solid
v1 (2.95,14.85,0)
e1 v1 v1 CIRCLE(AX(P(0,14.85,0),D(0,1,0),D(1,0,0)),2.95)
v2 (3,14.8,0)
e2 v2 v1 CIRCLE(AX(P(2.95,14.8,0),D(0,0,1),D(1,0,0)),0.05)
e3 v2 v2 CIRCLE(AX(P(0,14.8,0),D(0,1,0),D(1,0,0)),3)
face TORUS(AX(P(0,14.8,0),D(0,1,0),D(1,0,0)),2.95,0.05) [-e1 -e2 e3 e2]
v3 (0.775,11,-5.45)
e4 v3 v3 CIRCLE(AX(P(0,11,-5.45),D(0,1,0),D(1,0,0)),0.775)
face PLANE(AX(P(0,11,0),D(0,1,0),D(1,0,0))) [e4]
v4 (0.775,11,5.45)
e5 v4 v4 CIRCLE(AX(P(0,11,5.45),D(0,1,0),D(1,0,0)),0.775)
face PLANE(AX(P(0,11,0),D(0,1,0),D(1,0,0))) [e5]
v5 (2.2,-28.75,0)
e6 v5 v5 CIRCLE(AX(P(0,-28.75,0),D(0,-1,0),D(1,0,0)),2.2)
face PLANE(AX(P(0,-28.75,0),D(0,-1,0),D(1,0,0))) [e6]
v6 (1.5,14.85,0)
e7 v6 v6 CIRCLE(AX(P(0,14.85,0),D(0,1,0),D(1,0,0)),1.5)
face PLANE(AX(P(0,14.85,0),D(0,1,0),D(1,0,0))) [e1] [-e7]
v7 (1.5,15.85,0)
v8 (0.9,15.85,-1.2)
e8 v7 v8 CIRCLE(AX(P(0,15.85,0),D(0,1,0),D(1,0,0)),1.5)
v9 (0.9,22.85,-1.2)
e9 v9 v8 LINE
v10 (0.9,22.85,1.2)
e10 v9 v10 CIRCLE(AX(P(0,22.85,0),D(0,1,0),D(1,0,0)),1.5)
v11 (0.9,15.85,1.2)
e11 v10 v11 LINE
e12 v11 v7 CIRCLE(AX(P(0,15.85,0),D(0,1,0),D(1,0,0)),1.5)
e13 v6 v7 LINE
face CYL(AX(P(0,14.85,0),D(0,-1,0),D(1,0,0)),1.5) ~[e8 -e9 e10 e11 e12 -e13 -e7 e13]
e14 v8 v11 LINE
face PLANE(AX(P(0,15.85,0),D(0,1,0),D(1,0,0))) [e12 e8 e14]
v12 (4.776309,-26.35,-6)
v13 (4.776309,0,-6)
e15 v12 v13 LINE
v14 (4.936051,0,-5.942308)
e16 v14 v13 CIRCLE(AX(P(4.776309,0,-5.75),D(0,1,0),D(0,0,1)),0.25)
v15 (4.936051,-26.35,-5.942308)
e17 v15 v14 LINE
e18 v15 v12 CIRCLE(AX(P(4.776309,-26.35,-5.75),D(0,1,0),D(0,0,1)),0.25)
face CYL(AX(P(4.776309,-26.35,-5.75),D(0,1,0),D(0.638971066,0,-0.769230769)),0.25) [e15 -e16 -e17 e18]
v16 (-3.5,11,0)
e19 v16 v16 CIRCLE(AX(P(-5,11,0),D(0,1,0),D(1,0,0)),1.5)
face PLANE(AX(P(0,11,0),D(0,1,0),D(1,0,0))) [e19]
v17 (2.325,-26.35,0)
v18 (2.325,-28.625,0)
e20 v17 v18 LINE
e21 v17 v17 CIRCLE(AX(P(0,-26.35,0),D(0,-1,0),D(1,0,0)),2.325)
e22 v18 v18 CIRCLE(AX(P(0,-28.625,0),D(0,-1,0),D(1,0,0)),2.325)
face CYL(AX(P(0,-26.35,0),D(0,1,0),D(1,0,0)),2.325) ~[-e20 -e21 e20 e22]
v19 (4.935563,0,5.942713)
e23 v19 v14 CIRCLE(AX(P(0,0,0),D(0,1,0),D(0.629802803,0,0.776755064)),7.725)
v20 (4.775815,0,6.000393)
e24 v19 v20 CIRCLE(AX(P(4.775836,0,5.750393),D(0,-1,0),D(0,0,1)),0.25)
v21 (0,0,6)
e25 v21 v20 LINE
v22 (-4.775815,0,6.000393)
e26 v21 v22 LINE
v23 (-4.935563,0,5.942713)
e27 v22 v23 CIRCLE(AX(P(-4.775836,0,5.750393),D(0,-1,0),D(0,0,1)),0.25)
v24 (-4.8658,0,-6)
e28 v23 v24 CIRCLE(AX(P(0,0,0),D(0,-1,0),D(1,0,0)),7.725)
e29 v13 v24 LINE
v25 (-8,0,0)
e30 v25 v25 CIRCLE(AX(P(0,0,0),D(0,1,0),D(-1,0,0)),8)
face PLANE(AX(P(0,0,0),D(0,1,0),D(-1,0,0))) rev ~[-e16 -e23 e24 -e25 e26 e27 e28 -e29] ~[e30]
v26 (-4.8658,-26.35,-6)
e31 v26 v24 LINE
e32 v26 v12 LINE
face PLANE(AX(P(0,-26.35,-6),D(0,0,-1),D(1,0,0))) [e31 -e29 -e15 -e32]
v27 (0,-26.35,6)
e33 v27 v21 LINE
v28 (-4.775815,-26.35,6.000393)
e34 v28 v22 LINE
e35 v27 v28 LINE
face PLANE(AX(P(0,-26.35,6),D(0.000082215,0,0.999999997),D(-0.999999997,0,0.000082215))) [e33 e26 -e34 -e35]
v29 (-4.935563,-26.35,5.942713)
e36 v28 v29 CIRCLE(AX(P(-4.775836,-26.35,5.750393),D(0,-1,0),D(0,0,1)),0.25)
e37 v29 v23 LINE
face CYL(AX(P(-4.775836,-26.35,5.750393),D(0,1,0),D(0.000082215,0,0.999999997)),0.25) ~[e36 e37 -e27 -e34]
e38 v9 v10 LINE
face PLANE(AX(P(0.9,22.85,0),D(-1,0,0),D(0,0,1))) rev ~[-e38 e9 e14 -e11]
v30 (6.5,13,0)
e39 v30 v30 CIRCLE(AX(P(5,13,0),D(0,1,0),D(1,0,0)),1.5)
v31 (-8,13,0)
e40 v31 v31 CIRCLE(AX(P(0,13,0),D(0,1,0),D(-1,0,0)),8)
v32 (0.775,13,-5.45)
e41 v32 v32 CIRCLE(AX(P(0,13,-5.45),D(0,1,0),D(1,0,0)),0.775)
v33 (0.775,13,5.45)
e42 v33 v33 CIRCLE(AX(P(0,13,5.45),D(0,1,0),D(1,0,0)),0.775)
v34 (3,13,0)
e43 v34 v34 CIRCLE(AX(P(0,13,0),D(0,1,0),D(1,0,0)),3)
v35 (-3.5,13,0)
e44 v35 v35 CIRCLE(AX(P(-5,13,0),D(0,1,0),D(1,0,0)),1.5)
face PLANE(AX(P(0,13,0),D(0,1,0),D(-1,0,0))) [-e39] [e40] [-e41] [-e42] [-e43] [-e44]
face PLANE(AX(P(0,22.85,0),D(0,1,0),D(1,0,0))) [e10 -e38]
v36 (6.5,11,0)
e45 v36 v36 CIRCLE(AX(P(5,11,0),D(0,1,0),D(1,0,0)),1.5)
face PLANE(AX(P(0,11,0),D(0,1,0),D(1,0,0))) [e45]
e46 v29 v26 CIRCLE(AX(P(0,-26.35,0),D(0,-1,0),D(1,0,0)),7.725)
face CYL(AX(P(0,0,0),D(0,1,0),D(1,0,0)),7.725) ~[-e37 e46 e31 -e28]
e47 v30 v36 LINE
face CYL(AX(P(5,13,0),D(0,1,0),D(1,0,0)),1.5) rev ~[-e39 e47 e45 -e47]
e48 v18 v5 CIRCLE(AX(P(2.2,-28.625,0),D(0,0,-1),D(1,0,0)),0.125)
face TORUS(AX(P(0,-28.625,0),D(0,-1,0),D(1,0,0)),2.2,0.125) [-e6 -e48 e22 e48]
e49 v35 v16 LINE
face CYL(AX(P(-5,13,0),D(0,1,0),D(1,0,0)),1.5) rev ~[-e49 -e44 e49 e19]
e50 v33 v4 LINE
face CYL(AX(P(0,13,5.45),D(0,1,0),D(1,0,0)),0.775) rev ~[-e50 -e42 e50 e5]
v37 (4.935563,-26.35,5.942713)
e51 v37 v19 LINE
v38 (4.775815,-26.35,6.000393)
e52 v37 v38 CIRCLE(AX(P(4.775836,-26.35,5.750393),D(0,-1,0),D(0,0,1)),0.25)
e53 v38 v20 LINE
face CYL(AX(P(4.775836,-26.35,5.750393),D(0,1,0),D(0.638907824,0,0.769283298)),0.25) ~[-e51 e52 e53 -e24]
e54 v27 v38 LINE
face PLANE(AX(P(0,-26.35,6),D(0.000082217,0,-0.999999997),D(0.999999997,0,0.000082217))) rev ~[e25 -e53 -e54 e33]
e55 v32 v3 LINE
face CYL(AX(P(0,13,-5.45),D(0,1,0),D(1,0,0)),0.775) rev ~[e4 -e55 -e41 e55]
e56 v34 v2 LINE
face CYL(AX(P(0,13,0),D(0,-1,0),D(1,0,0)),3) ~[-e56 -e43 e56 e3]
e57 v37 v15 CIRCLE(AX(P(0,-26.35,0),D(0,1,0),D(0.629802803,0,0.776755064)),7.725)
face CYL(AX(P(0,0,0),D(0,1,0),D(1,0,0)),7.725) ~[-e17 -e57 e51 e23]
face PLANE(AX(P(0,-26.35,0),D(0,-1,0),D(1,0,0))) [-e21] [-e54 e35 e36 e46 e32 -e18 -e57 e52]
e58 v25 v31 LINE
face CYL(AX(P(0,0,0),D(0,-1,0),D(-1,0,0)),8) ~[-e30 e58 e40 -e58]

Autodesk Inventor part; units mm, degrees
ref_plane "YZ Plane" through (0, 0, 0) normal (1, 0, 0) x (0, 1, 0)
ref_plane "XZ Plane" through (0, 0, 0) normal (0, 1, 0) x (-1, 0, 0)
ref_plane "XY Plane" through (0, 0, 0) normal (0, 0, 1) x (1, 0, 0)
sketch "Sketch1" plane through (0, 0, 0) normal (0, 1, 0) x (-1, 0, 0)
  circle A0 centre (0, 0) radius 8
  dimension "d0" = 16
extrude "Extrusion1" add sketch "Sketch1" along normal blind 13
sketch "Sketch2" plane through (0, 13, 0) normal (0, 1, 0) x (1, 0, 0)
  circle A0 centre (0, 0) radius 3
  dimension "d3" = 6
extrude "Extrusion2" add sketch "Sketch2" along normal blind 1.85
sketch "Sketch3" plane through (0, 14.85, 0) normal (0, 1, 0) x (1, 0, 0)
  circle A0 centre (0, 0) radius 1.5
  dimension "d6" = 3
extrude "Extrusion3" add sketch "Sketch3" along normal blind 8
sketch "Sketch4" plane through (0, 22.85, 0) normal (0, 1, 0) x (1, 0, 0)
  circle A0 centre (0, 0) radius 1.5 projected
  line L0 (0.9, 0) -> (0.9, 1.2)
  line L1 (0.9, 1.2) -> (0.9, -1.2)
  circle A1 centre (0, 0) radius 3 projected
  arc A2 (0.9, -1.2) -> (0.9, 1.2) centre (0, 0) ccw
extrude "Extrusion4" cut sketch "Sketch4" against normal blind 7 contours A0 L1 L0 picked at (0.9839, 0.7204)
sketch "Sketch5" plane through (0, 13, 0) normal (0, 1, 0) x (1, 0, 0)
  circle A0 centre (5, 0) radius 1.5
  circle A1 centre (-5, 0) radius 1.5
  point P0 (0, 0)
extrude "Extrusion5" cut sketch "Sketch5" against normal blind 2
sketch "Sketch6" plane through (0, 13, 0) normal (0, 1, 0) x (1, 0, 0)
  circle A0 centre (0, 0) radius 8 projected
  circle A1 centre (0, -5.45) radius 0.775
  line L0 (-8, 0) -> (8, 0)
  circle A2 centre (0, 5.45) radius 0.775
extrude "Extrusion6" cut sketch "Sketch6" against normal blind 2 contours A1 | A2
sketch "Sketch7" plane through (0, 13, 0) normal (0, 1, 0) x (1, 0, 0)
  point P0 (0, 0)
sketch "Sketch8" plane through (0, 0, 0) normal (0, -1, 0) x (1, 0, 0)
  circle A0 centre (0, 0) radius 7.725
  dimension "d22" = 15.45
extrude "Extrusion7" add sketch "Sketch8" along normal blind 26.35
sketch "Sketch9" plane through (0, -26.35, 0) normal (0, -1, 0) x (1, 0, 0)
  line L0 (0, -6) -> (-4.8658, -6)
  circle A0 centre (0, 0) radius 7.725 projected
  line L1 (0, -6) -> (4.8658, -6)
  line L2 (0, 6) -> (-4.8653, 6.0004)
  line L3 (0, 6) -> (4.8652, 6.0004)
  arc A1 (-4.8658, -6) -> (4.8658, -6) centre (0, 0) ccw
  arc A2 (4.8652, 6.0004) -> (-4.8653, 6.0004) centre (0, 0) ccw
extrude "Extrusion8" cut sketch "Sketch9" against normal blind 26.35 contours L1 A0 L0 | A0 L3 L2
sketch "Sketch10" plane through (0, -26.35, 0) normal (0, -1, 0) x (1, 0, 0)
  circle A0 centre (0, 0) radius 2.325
  dimension "d29" = 4.65
extrude "Extrusion9" add sketch "Sketch10" along normal blind 2.4
fillet "Fillet1" radius 0.125 1 edges at (-2.325, -28.75, 0)
fillet "Fillet2" radius 0.05 1 edges at (-3, 14.85, 0)
fillet "Fillet3" radius 0.25 3 edges at (4.8658, -13.175, -6) (-4.8653, -13.175, 6.0004) (4.8652, -13.175, 6.0004)
properties part number "Motor DC 21mm"
